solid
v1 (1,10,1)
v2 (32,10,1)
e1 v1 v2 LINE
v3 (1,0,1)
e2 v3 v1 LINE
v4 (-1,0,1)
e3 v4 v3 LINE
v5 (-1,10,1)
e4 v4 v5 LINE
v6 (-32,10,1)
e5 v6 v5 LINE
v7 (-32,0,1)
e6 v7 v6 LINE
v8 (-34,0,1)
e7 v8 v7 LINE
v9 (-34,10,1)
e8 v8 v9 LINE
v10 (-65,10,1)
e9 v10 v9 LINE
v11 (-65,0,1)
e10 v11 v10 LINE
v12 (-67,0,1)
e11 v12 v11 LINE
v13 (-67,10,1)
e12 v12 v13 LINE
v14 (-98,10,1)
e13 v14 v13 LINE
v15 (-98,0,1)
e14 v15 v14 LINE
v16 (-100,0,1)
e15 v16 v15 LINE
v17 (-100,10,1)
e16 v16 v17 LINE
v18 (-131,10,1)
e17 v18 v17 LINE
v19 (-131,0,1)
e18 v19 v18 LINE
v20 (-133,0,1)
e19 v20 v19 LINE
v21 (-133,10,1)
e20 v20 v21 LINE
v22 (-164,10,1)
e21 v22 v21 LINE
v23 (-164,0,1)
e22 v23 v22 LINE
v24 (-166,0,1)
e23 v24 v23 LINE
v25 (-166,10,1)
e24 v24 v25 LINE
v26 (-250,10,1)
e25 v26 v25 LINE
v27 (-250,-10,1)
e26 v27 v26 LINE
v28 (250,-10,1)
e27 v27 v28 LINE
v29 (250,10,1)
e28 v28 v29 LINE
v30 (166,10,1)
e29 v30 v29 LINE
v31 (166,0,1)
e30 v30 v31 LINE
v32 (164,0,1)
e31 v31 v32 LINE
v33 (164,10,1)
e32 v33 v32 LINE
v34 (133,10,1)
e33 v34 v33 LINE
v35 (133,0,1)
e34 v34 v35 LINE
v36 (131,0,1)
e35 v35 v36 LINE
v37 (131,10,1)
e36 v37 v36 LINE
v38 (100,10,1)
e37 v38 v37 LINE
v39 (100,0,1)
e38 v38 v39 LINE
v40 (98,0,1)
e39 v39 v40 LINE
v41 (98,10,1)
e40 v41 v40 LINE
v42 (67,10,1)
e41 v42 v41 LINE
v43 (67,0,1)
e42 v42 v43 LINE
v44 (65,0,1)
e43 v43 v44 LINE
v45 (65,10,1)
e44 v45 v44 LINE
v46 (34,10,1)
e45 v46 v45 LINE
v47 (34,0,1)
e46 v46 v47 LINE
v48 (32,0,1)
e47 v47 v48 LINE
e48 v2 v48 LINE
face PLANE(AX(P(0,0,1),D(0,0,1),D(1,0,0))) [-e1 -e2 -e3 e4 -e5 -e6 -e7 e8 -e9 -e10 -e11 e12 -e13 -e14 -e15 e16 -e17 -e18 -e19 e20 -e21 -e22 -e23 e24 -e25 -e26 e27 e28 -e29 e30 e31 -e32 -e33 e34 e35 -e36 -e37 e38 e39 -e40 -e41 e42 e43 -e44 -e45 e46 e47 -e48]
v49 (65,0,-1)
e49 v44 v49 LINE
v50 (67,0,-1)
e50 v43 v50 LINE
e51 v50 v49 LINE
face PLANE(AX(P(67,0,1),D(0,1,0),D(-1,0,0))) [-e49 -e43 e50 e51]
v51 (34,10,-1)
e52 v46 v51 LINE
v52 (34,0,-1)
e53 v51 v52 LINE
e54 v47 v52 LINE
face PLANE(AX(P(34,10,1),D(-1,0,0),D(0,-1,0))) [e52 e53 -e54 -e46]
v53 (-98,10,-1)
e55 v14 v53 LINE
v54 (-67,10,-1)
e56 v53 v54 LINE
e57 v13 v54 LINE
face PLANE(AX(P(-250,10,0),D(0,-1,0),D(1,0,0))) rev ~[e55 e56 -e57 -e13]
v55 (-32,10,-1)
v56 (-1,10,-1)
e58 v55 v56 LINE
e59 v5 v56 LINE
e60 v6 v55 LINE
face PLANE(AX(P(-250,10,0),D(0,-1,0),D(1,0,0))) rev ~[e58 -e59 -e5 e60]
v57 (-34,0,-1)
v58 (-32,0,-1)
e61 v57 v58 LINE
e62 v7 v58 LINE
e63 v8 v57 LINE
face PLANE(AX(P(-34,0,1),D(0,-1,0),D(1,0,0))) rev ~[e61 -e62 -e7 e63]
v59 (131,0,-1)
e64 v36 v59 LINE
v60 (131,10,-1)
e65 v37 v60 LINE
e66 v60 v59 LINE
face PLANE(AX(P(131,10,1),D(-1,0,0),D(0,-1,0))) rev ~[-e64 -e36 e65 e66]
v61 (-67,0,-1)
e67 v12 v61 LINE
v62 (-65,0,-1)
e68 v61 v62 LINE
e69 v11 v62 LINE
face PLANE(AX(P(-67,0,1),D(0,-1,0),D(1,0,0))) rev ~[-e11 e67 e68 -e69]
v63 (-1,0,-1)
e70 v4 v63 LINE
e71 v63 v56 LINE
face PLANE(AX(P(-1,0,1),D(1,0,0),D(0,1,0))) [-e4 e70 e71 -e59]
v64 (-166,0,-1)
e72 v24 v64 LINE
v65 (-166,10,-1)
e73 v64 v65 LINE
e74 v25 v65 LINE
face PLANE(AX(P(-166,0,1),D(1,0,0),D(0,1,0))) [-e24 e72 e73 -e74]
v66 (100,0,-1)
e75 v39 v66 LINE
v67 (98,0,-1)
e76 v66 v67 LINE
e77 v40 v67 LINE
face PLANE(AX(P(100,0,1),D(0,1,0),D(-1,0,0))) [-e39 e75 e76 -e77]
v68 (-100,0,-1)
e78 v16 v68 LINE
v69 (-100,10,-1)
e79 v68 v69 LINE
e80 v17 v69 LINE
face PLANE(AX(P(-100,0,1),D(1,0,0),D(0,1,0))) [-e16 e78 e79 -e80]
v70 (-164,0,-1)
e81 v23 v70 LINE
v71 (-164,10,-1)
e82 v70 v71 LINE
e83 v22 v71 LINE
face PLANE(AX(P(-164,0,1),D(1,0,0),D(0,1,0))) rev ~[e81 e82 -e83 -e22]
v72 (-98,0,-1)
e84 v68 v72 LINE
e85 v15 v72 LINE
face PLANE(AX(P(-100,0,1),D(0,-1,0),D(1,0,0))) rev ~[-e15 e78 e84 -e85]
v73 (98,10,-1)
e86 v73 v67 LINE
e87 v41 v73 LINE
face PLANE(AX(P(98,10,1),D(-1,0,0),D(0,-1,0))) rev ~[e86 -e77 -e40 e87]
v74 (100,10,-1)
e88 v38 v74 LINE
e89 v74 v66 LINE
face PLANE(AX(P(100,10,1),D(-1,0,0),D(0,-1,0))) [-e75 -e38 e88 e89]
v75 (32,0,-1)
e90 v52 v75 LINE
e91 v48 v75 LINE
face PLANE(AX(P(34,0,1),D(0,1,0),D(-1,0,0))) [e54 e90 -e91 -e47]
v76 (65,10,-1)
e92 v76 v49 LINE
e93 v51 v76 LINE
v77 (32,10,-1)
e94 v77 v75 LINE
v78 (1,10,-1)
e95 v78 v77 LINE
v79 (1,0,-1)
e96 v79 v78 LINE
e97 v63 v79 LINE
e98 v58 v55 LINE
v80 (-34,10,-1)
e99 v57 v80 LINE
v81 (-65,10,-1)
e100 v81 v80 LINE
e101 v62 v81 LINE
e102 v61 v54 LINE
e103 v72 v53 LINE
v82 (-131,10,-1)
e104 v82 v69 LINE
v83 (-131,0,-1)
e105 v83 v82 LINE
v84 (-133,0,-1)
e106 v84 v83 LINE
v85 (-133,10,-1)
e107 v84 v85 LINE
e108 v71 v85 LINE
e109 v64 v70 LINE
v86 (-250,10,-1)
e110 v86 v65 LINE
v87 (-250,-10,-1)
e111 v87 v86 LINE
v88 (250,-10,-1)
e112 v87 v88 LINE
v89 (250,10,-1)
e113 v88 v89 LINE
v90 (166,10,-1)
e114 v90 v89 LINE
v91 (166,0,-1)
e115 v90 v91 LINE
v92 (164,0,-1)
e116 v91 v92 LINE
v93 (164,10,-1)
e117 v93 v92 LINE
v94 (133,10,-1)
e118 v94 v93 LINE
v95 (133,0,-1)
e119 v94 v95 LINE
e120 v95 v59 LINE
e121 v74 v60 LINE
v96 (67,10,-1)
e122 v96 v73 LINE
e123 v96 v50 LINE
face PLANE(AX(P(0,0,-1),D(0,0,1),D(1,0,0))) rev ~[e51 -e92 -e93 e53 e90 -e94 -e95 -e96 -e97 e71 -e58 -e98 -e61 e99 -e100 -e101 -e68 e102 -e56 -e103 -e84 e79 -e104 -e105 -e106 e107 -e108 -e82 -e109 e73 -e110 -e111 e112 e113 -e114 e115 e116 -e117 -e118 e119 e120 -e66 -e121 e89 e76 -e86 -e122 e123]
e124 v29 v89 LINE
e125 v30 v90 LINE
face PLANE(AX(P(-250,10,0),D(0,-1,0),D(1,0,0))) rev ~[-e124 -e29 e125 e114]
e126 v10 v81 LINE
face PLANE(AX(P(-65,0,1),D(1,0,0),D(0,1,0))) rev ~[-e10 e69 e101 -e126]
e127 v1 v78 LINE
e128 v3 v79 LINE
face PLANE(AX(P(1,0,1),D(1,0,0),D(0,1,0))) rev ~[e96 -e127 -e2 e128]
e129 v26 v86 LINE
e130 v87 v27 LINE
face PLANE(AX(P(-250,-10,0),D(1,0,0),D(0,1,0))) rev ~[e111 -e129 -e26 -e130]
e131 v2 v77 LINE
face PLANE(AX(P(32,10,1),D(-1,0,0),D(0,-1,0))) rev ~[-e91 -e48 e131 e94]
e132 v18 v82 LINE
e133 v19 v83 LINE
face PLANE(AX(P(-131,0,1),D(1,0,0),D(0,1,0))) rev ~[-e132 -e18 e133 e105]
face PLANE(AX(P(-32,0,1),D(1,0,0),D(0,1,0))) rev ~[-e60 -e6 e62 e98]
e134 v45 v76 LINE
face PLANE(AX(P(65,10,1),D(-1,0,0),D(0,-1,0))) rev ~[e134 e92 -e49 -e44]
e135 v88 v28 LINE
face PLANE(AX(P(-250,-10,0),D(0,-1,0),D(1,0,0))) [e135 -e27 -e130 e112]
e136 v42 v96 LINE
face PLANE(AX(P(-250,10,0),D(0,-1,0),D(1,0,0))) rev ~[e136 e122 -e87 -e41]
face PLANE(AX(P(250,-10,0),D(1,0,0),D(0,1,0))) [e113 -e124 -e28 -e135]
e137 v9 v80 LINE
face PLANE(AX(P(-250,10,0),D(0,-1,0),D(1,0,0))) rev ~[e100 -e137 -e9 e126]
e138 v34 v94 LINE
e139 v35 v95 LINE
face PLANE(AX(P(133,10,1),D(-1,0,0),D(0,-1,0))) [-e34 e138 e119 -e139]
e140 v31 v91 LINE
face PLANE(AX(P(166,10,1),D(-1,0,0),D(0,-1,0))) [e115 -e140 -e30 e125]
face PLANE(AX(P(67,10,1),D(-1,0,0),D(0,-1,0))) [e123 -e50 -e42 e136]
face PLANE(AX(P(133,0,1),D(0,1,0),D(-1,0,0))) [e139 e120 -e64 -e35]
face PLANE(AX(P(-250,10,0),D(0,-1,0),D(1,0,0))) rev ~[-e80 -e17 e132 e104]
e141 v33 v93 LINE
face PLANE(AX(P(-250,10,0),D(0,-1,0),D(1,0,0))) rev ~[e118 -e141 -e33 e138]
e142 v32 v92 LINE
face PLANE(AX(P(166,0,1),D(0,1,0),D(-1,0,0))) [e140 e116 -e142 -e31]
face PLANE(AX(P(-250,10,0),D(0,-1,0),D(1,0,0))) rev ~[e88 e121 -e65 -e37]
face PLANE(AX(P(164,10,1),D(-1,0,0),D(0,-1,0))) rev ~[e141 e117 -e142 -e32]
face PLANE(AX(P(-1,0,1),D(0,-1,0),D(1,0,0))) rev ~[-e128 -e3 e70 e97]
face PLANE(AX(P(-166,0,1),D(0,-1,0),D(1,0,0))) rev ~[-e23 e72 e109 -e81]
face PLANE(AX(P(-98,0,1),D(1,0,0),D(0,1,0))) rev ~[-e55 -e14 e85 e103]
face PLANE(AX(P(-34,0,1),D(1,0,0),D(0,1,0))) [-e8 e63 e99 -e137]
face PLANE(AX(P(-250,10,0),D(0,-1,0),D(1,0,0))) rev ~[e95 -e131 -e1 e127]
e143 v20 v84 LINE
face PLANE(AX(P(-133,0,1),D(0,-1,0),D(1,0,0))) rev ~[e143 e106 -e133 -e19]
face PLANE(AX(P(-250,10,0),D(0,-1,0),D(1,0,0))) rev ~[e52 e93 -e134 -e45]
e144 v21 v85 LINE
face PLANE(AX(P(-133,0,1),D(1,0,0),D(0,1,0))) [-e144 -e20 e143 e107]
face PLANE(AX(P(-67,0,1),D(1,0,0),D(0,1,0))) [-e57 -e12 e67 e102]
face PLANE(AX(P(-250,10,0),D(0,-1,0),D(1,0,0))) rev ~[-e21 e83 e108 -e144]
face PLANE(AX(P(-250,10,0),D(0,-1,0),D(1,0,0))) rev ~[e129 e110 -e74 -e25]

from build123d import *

# Parameters (mm, degrees)
ESQUISSE1_W                = 500
ESQUISSE1_H                = 20
BOSS_EXTRU_1_DEPTH         = 1
ESQUISSE2_W                = 2
ESQUISSE2_H                = 10
ENL_V_MAT_EXTRU_1_DEPTH    = 3
R_P_TITION_LIN_AIRE3_COUNT = 6
R_P_TITION_LIN_AIRE3_PITCH = 33
SYM_TRIE1_COPY_1_SKETCH_W  = 2
SYM_TRIE1_COPY_1_SKETCH_H  = 10
SYM_TRIE1_COPY_1_DEPTH     = 3
SYM_TRIE1_COPY_2_SKETCH_W  = 2
SYM_TRIE1_COPY_2_SKETCH_H  = 10
SYM_TRIE1_COPY_2_DEPTH     = 3
SYM_TRIE1_COPY_3_SKETCH_W  = 2
SYM_TRIE1_COPY_3_SKETCH_H  = 10
SYM_TRIE1_COPY_3_DEPTH     = 3
SYM_TRIE1_COPY_4_SKETCH_W  = 2
SYM_TRIE1_COPY_4_SKETCH_H  = 10
SYM_TRIE1_COPY_4_DEPTH     = 3
SYM_TRIE1_COPY_5_SKETCH_W  = 2
SYM_TRIE1_COPY_5_SKETCH_H  = 10
SYM_TRIE1_COPY_5_DEPTH     = 3
SYM_TRIE1_COPY_6_SKETCH_W  = 2
SYM_TRIE1_COPY_6_SKETCH_H  = 10
SYM_TRIE1_COPY_6_DEPTH     = 3


with BuildPart() as part:
    # Esquisse1 → Boss.-Extru.1 (new body, symmetric)
    with BuildSketch(Plane.XY):
        Rectangle(ESQUISSE1_W, ESQUISSE1_H)
    extrude(amount=BOSS_EXTRU_1_DEPTH, both=True)

    # Esquisse2 → Enlèv. mat.-Extru.1 (cut, through all)
    with BuildSketch(Plane.XY.offset(1)):
        with Locations((0, 5)):
            Rectangle(ESQUISSE2_W, ESQUISSE2_H)
    enl_v_mat_extru_1 = extrude(amount=-ENL_V_MAT_EXTRU_1_DEPTH, mode=Mode.SUBTRACT)

    # Répétition linéaire3: Enlèv. mat.-Extru.1 ×6
    with Locations(*[(-i * R_P_TITION_LIN_AIRE3_PITCH, 0, 0) for i in range(1, R_P_TITION_LIN_AIRE3_COUNT)]):
        add(enl_v_mat_extru_1, mode=Mode.SUBTRACT)

    # Symétrie1 copy 1 sketch → Symétrie1 copy 1 (cut, through all)
    with BuildSketch(Plane(origin=(33, 0, 1), x_dir=(-1, 0, 0), z_dir=(0, 0, 1))):
        with Locations((0, -5)):
            Rectangle(SYM_TRIE1_COPY_1_SKETCH_W, SYM_TRIE1_COPY_1_SKETCH_H)
    extrude(amount=-SYM_TRIE1_COPY_1_DEPTH, mode=Mode.SUBTRACT)

    # Symétrie1 copy 2 sketch → Symétrie1 copy 2 (cut, through all)
    with BuildSketch(Plane(origin=(66, 0, 1), x_dir=(-1, 0, 0), z_dir=(0, 0, 1))):
        with Locations((0, -5)):
            Rectangle(SYM_TRIE1_COPY_2_SKETCH_W, SYM_TRIE1_COPY_2_SKETCH_H)
    extrude(amount=-SYM_TRIE1_COPY_2_DEPTH, mode=Mode.SUBTRACT)

    # Symétrie1 copy 3 sketch → Symétrie1 copy 3 (cut, through all)
    with BuildSketch(Plane(origin=(99, 0, 1), x_dir=(-1, 0, 0), z_dir=(0, 0, 1))):
        with Locations((0, -5)):
            Rectangle(SYM_TRIE1_COPY_3_SKETCH_W, SYM_TRIE1_COPY_3_SKETCH_H)
    extrude(amount=-SYM_TRIE1_COPY_3_DEPTH, mode=Mode.SUBTRACT)

    # Symétrie1 copy 4 sketch → Symétrie1 copy 4 (cut, through all)
    with BuildSketch(Plane(origin=(132, 0, 1), x_dir=(-1, 0, 0), z_dir=(0, 0, 1))):
        with Locations((0, -5)):
            Rectangle(SYM_TRIE1_COPY_4_SKETCH_W, SYM_TRIE1_COPY_4_SKETCH_H)
    extrude(amount=-SYM_TRIE1_COPY_4_DEPTH, mode=Mode.SUBTRACT)

    # Symétrie1 copy 5 sketch → Symétrie1 copy 5 (cut, through all)
    with BuildSketch(Plane(origin=(165, 0, 1), x_dir=(-1, 0, 0), z_dir=(0, 0, 1))):
        with Locations((0, -5)):
            Rectangle(SYM_TRIE1_COPY_5_SKETCH_W, SYM_TRIE1_COPY_5_SKETCH_H)
    extrude(amount=-SYM_TRIE1_COPY_5_DEPTH, mode=Mode.SUBTRACT)

    # Symétrie1 copy 6 sketch → Symétrie1 copy 6 (cut, through all)
    with BuildSketch(Plane(origin=(0, 0, 1), x_dir=(-1, 0, 0), z_dir=(0, 0, 1))):
        with Locations((0, -5)):
            Rectangle(SYM_TRIE1_COPY_6_SKETCH_W, SYM_TRIE1_COPY_6_SKETCH_H)
    extrude(amount=-SYM_TRIE1_COPY_6_DEPTH, mode=Mode.SUBTRACT)


solid = part.part
